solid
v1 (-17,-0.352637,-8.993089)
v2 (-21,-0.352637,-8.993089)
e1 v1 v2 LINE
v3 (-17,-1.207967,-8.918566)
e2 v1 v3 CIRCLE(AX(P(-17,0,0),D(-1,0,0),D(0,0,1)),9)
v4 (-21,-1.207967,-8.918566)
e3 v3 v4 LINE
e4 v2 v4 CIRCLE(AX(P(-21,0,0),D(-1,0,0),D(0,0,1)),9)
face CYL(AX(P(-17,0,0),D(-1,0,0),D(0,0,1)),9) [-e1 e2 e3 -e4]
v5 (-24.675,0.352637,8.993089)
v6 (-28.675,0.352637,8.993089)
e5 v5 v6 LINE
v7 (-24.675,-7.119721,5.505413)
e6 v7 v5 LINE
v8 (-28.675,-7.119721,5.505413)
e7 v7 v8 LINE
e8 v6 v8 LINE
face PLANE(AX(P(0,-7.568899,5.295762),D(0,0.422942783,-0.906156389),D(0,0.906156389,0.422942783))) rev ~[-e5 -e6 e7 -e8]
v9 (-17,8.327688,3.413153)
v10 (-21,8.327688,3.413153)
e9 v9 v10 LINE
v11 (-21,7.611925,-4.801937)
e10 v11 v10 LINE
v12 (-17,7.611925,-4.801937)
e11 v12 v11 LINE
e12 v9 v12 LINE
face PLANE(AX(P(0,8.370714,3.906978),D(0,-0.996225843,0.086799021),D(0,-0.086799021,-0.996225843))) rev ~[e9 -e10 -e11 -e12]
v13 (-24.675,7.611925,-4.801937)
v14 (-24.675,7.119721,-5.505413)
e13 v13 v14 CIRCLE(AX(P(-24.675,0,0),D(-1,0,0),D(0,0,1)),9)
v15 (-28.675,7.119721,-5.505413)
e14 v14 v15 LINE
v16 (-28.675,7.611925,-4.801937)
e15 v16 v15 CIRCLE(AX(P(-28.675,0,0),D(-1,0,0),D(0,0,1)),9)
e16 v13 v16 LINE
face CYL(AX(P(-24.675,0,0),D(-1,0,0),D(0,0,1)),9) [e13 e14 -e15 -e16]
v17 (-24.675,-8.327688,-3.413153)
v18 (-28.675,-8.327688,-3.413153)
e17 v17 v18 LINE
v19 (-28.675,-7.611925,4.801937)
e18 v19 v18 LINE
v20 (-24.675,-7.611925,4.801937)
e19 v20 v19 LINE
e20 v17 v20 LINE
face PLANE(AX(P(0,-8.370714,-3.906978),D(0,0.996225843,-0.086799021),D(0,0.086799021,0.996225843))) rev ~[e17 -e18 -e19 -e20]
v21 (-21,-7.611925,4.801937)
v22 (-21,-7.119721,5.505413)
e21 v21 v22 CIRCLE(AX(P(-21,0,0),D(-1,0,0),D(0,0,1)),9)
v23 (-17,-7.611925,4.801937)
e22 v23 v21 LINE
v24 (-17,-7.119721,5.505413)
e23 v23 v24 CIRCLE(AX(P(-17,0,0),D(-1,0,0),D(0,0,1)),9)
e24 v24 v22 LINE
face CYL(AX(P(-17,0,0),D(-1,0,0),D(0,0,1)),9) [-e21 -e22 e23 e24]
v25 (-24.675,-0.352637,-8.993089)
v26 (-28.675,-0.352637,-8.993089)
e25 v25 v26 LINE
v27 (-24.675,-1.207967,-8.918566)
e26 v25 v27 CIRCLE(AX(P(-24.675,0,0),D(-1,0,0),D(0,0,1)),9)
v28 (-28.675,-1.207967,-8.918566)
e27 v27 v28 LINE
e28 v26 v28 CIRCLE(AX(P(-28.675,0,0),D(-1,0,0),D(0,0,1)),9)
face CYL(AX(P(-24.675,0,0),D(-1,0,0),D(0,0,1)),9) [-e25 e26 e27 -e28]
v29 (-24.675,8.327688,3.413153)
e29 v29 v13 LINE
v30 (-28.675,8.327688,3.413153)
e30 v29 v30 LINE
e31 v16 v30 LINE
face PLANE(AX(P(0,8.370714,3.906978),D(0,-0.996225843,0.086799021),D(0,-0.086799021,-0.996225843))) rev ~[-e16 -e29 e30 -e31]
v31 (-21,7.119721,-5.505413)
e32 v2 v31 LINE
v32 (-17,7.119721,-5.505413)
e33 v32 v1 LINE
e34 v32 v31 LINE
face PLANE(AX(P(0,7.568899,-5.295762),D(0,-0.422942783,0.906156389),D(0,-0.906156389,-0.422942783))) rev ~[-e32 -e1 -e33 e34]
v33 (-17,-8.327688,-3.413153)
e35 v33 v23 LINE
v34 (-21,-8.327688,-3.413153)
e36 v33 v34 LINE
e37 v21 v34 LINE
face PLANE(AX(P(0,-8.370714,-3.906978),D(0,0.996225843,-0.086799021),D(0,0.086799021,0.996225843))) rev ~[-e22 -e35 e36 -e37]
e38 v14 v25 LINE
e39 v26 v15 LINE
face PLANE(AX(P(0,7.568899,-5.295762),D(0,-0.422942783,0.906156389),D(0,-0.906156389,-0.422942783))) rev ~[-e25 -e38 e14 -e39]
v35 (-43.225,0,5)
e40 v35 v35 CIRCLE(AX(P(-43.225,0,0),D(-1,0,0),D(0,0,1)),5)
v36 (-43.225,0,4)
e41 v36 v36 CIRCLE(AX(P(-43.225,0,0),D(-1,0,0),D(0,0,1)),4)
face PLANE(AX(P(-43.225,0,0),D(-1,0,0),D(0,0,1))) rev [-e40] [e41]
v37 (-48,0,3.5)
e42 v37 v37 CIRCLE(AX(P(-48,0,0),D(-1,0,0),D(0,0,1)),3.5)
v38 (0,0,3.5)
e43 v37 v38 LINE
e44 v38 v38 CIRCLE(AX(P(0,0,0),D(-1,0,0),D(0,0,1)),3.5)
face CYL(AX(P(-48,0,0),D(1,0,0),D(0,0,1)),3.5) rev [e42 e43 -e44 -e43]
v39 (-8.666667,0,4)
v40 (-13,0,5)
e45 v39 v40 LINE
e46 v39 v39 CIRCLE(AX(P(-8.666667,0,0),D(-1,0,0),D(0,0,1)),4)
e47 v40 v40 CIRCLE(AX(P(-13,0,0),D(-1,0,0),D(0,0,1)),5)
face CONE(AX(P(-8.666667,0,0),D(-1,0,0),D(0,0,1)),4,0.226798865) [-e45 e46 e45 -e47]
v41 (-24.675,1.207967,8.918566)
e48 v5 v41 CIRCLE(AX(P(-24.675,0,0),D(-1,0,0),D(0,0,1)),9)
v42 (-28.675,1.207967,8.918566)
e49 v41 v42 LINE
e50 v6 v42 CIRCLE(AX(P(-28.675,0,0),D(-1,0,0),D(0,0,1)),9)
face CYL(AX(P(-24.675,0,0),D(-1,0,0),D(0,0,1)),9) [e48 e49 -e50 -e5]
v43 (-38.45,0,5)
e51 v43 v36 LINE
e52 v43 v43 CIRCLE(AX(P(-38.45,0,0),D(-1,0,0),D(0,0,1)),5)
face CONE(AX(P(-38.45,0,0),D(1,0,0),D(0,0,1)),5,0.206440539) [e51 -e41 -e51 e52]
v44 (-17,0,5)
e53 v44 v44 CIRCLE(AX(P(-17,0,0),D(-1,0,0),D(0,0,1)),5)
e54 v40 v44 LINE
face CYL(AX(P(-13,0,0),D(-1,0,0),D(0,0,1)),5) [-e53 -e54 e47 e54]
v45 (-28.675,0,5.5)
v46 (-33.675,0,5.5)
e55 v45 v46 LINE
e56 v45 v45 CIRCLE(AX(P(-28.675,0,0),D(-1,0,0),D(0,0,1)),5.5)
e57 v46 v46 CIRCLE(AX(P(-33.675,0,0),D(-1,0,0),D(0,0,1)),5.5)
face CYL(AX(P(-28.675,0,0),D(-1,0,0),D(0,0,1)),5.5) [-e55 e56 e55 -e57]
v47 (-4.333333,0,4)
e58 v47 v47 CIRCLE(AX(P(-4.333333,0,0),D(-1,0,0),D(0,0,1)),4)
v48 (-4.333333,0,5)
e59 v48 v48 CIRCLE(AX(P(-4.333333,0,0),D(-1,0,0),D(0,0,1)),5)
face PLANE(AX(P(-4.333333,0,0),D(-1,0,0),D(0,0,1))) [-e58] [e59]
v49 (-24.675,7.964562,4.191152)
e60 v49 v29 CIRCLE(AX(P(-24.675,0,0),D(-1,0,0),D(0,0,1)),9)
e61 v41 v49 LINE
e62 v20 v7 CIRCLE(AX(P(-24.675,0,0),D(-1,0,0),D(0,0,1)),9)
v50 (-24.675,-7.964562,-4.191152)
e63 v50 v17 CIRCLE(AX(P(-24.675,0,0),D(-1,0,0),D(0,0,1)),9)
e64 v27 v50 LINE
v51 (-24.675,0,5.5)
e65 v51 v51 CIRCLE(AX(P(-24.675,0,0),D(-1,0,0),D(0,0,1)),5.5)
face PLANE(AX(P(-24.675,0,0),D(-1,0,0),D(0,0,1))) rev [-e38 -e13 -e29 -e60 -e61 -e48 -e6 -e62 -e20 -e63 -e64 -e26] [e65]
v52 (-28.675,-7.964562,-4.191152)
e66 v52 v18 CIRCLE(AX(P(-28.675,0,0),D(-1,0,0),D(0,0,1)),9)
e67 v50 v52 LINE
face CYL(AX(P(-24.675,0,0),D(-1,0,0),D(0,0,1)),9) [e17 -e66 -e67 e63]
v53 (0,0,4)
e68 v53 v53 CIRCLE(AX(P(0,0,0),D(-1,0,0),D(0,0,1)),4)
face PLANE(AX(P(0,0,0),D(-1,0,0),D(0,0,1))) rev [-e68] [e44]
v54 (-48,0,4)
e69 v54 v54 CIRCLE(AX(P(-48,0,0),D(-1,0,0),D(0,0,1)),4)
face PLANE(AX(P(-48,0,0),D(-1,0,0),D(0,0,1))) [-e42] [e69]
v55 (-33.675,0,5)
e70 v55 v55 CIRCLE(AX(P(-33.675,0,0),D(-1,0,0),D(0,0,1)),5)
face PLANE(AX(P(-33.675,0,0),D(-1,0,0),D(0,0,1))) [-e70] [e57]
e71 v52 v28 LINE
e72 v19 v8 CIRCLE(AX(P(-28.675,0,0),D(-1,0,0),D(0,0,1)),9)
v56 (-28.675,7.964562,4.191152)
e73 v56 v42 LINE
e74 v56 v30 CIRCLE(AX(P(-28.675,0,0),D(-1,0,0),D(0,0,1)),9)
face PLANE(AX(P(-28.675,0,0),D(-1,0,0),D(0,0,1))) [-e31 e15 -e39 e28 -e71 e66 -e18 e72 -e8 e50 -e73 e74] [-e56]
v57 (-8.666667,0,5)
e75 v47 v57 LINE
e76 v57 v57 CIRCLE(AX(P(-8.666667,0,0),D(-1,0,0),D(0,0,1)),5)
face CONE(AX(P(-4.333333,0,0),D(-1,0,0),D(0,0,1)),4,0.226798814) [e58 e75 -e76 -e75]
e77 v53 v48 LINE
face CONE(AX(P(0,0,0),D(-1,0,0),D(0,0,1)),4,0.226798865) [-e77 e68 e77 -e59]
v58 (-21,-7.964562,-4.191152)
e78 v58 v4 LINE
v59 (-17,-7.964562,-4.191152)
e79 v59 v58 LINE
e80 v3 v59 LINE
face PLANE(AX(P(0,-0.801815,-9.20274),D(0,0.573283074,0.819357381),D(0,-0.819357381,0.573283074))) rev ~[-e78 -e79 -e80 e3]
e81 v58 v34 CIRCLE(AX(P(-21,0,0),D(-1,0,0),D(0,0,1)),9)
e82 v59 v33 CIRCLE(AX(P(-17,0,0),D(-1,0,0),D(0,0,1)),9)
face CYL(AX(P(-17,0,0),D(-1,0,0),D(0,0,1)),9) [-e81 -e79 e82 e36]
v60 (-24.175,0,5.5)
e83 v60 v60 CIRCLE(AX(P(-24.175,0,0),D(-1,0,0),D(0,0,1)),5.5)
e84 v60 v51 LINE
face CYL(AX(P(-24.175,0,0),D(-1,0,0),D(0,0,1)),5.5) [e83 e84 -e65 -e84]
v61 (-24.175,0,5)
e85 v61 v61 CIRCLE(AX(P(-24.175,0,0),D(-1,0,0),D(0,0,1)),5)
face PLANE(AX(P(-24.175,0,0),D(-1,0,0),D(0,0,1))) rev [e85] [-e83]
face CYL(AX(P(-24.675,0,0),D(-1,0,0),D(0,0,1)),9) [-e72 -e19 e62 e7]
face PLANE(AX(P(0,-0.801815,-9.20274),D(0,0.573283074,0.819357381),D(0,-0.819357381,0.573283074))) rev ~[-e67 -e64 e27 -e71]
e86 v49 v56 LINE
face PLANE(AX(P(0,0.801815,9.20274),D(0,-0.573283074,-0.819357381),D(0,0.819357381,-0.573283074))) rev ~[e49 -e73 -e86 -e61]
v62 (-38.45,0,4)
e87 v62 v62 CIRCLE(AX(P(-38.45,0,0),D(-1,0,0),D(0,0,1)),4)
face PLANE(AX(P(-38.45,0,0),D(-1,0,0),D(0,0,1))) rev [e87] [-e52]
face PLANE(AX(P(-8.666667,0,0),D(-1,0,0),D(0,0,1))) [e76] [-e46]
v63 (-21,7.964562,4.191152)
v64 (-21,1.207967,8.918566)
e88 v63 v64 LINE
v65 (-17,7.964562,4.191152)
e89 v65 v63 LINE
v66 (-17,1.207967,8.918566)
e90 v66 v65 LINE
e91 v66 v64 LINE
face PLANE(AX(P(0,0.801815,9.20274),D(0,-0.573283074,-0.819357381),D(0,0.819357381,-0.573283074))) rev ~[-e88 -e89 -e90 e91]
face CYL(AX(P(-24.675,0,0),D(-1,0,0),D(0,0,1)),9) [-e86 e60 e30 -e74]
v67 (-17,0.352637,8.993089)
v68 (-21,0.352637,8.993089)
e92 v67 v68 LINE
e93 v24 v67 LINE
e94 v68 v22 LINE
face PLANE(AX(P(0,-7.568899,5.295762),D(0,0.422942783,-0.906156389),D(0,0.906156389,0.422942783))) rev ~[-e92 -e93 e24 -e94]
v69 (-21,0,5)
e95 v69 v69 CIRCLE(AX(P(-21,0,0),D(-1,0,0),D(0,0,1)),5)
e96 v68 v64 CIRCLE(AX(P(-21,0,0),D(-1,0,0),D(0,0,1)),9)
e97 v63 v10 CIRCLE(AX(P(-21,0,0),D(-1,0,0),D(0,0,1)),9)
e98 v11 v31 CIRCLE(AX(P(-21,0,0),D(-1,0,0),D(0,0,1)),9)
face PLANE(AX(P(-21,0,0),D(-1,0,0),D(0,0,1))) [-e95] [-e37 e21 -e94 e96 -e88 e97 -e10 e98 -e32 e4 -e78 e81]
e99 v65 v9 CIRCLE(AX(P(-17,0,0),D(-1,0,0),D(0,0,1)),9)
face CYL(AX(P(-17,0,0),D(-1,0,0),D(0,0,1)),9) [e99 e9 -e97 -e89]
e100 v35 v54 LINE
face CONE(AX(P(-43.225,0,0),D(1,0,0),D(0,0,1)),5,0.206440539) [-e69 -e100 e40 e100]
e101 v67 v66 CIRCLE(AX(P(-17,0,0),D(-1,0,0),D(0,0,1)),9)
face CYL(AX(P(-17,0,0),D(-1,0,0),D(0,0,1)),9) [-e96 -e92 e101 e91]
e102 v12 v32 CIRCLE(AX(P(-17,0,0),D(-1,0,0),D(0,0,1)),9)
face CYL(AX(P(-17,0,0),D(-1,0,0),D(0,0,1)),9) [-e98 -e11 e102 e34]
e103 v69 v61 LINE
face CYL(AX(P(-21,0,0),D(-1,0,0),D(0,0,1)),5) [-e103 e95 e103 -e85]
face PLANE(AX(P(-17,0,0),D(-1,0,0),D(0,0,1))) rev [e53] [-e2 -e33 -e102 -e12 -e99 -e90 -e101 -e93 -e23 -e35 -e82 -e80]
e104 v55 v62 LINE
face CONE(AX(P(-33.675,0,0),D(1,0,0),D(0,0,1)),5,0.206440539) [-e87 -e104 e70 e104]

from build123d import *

# Parameters (mm, degrees)
F2_R     = 19.00963
F3_DEPTH = 50.9


with BuildPart() as f1:
    # F0 (on Front) → F1 (revolve)
    with BuildSketch(Plane.XZ):
        Polygon((-48, 4), (-48, 3.5), (0, 3.5), (0, 4), (-4.333333, 5), (-4.333333, 4), (-8.666667, 5), (-8.666667, 4), (-13, 5), (-17, 5), (-17, 9), (-21, 9), (-21, 5), (-24.175, 5), (-24.175, 5.5), (-24.675, 5.5), (-24.675, 9), (-28.675, 9), (-28.675, 5.5), (-33.675, 5.5), (-33.675, 5), (-38.45, 4), (-38.45, 5), (-43.225, 4), (-43.225, 5), align=None)
    revolve(axis=Axis((-24, 0, 0), (-1, 0, 0)))

    # F2 (on Right) → F3 (cut)
    with BuildSketch(Plane.YZ):
        Circle(F2_R)
        Polygon((0.801815, 9.20274), (8.370714, 3.906978), (7.568899, -5.295762), (-0.801815, -9.20274), (-8.370714, -3.906978), (-7.568899, 5.295762), align=None, mode=Mode.SUBTRACT)
    extrude(amount=-F3_DEPTH, mode=Mode.SUBTRACT)


solid = f1.part
